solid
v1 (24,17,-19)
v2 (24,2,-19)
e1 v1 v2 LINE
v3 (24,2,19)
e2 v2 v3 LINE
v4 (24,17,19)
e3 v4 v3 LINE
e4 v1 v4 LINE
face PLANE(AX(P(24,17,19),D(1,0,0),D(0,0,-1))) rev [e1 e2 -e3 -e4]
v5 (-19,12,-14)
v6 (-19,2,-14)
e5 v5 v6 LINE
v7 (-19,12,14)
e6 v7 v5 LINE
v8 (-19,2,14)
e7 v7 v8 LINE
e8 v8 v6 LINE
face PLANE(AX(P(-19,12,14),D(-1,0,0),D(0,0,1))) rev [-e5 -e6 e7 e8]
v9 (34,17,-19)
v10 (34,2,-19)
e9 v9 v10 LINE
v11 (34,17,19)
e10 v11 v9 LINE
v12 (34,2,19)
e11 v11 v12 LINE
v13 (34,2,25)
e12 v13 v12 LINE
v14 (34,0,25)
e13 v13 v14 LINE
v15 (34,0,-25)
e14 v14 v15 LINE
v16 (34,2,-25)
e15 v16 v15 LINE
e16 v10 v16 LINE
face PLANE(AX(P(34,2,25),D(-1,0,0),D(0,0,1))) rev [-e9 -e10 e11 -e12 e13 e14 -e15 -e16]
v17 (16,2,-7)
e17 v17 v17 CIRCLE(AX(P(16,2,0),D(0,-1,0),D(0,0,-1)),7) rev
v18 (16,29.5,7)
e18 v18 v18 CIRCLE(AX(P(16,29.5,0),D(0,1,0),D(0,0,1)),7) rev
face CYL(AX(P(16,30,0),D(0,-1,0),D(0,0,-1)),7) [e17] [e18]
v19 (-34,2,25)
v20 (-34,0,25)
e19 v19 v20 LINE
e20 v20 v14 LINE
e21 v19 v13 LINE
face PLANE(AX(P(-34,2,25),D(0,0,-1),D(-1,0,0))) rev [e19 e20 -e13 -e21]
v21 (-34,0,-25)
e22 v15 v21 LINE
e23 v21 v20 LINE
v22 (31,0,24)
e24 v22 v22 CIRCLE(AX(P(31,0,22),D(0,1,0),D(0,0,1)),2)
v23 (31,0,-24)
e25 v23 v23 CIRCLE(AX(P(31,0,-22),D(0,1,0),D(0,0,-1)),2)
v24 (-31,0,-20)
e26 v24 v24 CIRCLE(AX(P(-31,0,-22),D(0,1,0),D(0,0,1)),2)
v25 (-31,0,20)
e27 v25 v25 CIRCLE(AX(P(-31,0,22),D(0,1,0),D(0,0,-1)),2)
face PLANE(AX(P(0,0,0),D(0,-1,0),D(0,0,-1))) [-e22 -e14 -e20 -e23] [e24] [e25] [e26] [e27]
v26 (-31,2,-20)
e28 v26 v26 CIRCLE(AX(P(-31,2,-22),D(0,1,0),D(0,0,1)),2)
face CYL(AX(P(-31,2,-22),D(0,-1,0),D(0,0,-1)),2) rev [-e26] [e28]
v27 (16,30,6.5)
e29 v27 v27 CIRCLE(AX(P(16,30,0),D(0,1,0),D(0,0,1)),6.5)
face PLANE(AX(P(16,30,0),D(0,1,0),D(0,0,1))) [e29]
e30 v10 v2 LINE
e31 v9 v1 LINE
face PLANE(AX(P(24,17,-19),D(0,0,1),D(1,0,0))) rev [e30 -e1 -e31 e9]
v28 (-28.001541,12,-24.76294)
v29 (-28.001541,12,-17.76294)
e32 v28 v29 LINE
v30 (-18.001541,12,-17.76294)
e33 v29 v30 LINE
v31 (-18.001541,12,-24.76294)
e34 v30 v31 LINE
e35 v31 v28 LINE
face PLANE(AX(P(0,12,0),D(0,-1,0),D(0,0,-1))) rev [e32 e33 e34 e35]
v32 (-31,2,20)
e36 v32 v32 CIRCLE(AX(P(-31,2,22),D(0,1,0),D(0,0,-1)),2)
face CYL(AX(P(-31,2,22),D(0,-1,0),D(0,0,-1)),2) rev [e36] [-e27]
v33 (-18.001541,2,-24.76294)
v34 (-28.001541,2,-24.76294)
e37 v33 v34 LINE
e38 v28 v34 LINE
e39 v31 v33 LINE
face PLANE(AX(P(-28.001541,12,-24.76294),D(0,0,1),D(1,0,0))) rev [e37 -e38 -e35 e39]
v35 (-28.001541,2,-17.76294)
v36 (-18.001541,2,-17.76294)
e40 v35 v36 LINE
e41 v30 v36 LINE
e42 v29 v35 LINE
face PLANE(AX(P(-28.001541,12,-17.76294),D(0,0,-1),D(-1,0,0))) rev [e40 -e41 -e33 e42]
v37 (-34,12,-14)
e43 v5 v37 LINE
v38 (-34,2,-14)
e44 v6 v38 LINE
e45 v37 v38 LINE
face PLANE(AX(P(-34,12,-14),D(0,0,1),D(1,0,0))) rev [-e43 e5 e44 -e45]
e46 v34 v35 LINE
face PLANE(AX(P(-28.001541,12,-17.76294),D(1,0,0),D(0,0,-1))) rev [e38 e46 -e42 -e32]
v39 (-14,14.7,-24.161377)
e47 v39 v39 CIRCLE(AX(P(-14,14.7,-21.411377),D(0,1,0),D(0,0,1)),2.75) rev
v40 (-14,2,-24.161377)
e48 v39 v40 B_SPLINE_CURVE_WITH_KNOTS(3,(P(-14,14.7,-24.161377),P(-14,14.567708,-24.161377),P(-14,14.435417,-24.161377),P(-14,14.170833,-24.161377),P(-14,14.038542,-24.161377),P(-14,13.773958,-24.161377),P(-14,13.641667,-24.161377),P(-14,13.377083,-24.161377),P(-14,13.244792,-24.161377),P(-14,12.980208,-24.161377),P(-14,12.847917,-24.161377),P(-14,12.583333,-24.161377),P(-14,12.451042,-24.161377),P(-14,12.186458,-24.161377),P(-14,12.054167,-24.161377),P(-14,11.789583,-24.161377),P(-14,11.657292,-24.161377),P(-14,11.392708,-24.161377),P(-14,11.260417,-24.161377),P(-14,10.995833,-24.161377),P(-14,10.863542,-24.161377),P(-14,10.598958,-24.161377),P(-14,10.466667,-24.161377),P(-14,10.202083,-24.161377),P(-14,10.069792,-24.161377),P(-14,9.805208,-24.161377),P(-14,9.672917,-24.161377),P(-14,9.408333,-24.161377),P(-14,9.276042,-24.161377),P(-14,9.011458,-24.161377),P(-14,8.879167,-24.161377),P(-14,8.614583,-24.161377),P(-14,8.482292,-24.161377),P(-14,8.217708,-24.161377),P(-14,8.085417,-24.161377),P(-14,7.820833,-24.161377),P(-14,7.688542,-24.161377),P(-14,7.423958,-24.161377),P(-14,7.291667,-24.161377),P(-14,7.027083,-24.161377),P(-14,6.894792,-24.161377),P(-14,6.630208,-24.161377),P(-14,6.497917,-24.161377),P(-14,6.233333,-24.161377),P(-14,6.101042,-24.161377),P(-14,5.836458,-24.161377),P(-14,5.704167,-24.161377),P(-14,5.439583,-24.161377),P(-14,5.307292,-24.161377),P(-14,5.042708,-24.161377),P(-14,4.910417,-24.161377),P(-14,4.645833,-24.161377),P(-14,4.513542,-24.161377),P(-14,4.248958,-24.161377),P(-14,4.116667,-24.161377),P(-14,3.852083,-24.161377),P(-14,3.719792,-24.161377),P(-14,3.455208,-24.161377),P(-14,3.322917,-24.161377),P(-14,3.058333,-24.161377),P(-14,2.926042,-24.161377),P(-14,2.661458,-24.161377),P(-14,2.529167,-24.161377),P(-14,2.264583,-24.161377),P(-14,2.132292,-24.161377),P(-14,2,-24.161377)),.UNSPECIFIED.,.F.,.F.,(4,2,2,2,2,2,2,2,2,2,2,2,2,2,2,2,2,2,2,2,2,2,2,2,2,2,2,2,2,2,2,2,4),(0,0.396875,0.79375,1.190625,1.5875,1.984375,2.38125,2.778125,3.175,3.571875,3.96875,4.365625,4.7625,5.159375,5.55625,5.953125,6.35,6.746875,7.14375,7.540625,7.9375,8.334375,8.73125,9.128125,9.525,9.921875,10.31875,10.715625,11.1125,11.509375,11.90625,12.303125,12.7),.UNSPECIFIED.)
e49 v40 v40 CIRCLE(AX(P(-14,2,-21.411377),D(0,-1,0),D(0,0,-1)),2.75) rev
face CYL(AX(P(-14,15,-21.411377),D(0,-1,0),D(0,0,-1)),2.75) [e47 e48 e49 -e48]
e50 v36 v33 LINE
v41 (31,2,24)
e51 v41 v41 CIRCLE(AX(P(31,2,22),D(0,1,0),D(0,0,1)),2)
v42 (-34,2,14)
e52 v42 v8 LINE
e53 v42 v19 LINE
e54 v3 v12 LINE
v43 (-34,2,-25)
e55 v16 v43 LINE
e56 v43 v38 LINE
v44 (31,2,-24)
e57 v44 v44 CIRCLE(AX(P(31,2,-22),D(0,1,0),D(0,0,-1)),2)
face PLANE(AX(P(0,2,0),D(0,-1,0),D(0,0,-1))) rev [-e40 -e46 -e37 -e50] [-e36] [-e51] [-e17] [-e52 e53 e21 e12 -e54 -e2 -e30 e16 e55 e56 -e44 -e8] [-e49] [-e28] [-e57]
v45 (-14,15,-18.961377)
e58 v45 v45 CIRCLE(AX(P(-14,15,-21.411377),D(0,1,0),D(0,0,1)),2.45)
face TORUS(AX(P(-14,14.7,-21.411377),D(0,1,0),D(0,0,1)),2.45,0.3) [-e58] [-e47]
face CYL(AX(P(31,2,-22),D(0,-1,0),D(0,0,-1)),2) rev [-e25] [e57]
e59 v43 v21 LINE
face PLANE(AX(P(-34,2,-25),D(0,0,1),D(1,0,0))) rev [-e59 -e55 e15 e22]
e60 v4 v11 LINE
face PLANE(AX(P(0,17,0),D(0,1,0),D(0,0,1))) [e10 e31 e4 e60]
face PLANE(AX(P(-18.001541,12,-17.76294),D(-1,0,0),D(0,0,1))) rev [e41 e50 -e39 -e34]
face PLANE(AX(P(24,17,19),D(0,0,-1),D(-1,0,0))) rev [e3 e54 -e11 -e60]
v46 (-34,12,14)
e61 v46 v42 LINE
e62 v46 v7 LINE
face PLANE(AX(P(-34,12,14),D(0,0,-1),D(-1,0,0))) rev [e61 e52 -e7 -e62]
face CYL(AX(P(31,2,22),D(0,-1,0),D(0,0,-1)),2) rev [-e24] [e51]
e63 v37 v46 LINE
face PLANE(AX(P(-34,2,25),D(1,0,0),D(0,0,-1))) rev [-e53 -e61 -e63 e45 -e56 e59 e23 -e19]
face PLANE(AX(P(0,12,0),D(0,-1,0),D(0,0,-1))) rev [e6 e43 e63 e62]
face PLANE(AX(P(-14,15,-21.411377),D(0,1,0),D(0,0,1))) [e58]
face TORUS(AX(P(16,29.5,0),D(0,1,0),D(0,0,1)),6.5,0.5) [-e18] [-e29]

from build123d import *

# Parameters (mm, degrees)
SKETCH1_W           = 68
SKETCH1_H           = 50
SKETCH1_R           = 2
BOSS_EXTRUDE2_DEPTH = 2
SKETCH2_R           = 7
BOSS_EXTRUDE3_DEPTH = 28
FILLET1_R           = 0.5
SKETCH3_W           = 10
SKETCH3_H           = 38
BOSS_EXTRUDE4_DEPTH = 15
SKETCH4_W           = 15
SKETCH4_H           = 28
BOSS_EXTRUDE5_DEPTH = 10
SKETCH5_W           = 10
SKETCH5_H           = 7
BOSS_EXTRUDE6_DEPTH = 10
SKETCH6_R           = 2.75
BOSS_EXTRUDE7_DEPTH = 13
FILLET2_R           = 0.3


with BuildPart() as part:
    # Sketch1 → Boss-Extrude2 (new body)
    with BuildSketch(Plane(origin=(0, 0, 0), x_dir=(1, 0, 0), z_dir=(0, 1, 0))):
        Rectangle(SKETCH1_W, SKETCH1_H)
        with Locations(Location((-31, 22, 0), (0, 0, 270))):
            Circle(SKETCH1_R, mode=Mode.SUBTRACT)
        with Locations(Location((31, 22, 0), (0, 0, 90))):
            Circle(SKETCH1_R, mode=Mode.SUBTRACT)
        with Locations(Location((31, -22, 0), (0, 0, 270))):
            Circle(SKETCH1_R, mode=Mode.SUBTRACT)
        with Locations(Location((-31, -22, 0), (0, 0, 90))):
            Circle(SKETCH1_R, mode=Mode.SUBTRACT)
    extrude(amount=BOSS_EXTRUDE2_DEPTH)

    # Sketch2 → Boss-Extrude3 (add)
    with BuildSketch(Plane(origin=(0, 2, 0), x_dir=(1, 0, 0), z_dir=(0, 1, 0))):
        with Locations(Location((16, 0, 0), (0, 0, 90))):
            Circle(SKETCH2_R)
    extrude(amount=BOSS_EXTRUDE3_DEPTH)

    # Fillet1
    fillet1_edges = [part.edges().sort_by_distance(p)[0] for p in [
        (16, 30, 7),
    ]]
    fillet(fillet1_edges, radius=FILLET1_R)

    # Sketch3 → Boss-Extrude4 (add)
    with BuildSketch(Plane(origin=(0, 2, 0), x_dir=(1, 0, 0), z_dir=(0, 1, 0))):
        with Locations((29, 0)):
            Rectangle(SKETCH3_W, SKETCH3_H)
    extrude(amount=BOSS_EXTRUDE4_DEPTH)

    # Sketch4 → Boss-Extrude5 (add)
    with BuildSketch(Plane(origin=(0, 2, 0), x_dir=(1, 0, 0), z_dir=(0, 1, 0))):
        with Locations((-26.5, 0)):
            Rectangle(SKETCH4_W, SKETCH4_H)
    extrude(amount=BOSS_EXTRUDE5_DEPTH)

    # Sketch5 → Boss-Extrude6 (add)
    with BuildSketch(Plane(origin=(0, 2, 0), x_dir=(1, 0, 0), z_dir=(0, 1, 0))):
        with Locations((-23.001541076, 21.262939999)):
            Rectangle(SKETCH5_W, SKETCH5_H)
    extrude(amount=BOSS_EXTRUDE6_DEPTH)

    # Sketch6 → Boss-Extrude7 (add)
    with BuildSketch(Plane(origin=(0, 2, 0), x_dir=(1, 0, 0), z_dir=(0, 1, 0))):
        with Locations(Location((-14, 21.411376653, 0), (0, 0, 90))):
            Circle(SKETCH6_R)
    extrude(amount=BOSS_EXTRUDE7_DEPTH)

    # Fillet2
    fillet2_edges = [part.edges().sort_by_distance(p)[0] for p in [
        (-14, 15, -18.661376653),
    ]]
    fillet(fillet2_edges, radius=FILLET2_R)


solid = part.part
